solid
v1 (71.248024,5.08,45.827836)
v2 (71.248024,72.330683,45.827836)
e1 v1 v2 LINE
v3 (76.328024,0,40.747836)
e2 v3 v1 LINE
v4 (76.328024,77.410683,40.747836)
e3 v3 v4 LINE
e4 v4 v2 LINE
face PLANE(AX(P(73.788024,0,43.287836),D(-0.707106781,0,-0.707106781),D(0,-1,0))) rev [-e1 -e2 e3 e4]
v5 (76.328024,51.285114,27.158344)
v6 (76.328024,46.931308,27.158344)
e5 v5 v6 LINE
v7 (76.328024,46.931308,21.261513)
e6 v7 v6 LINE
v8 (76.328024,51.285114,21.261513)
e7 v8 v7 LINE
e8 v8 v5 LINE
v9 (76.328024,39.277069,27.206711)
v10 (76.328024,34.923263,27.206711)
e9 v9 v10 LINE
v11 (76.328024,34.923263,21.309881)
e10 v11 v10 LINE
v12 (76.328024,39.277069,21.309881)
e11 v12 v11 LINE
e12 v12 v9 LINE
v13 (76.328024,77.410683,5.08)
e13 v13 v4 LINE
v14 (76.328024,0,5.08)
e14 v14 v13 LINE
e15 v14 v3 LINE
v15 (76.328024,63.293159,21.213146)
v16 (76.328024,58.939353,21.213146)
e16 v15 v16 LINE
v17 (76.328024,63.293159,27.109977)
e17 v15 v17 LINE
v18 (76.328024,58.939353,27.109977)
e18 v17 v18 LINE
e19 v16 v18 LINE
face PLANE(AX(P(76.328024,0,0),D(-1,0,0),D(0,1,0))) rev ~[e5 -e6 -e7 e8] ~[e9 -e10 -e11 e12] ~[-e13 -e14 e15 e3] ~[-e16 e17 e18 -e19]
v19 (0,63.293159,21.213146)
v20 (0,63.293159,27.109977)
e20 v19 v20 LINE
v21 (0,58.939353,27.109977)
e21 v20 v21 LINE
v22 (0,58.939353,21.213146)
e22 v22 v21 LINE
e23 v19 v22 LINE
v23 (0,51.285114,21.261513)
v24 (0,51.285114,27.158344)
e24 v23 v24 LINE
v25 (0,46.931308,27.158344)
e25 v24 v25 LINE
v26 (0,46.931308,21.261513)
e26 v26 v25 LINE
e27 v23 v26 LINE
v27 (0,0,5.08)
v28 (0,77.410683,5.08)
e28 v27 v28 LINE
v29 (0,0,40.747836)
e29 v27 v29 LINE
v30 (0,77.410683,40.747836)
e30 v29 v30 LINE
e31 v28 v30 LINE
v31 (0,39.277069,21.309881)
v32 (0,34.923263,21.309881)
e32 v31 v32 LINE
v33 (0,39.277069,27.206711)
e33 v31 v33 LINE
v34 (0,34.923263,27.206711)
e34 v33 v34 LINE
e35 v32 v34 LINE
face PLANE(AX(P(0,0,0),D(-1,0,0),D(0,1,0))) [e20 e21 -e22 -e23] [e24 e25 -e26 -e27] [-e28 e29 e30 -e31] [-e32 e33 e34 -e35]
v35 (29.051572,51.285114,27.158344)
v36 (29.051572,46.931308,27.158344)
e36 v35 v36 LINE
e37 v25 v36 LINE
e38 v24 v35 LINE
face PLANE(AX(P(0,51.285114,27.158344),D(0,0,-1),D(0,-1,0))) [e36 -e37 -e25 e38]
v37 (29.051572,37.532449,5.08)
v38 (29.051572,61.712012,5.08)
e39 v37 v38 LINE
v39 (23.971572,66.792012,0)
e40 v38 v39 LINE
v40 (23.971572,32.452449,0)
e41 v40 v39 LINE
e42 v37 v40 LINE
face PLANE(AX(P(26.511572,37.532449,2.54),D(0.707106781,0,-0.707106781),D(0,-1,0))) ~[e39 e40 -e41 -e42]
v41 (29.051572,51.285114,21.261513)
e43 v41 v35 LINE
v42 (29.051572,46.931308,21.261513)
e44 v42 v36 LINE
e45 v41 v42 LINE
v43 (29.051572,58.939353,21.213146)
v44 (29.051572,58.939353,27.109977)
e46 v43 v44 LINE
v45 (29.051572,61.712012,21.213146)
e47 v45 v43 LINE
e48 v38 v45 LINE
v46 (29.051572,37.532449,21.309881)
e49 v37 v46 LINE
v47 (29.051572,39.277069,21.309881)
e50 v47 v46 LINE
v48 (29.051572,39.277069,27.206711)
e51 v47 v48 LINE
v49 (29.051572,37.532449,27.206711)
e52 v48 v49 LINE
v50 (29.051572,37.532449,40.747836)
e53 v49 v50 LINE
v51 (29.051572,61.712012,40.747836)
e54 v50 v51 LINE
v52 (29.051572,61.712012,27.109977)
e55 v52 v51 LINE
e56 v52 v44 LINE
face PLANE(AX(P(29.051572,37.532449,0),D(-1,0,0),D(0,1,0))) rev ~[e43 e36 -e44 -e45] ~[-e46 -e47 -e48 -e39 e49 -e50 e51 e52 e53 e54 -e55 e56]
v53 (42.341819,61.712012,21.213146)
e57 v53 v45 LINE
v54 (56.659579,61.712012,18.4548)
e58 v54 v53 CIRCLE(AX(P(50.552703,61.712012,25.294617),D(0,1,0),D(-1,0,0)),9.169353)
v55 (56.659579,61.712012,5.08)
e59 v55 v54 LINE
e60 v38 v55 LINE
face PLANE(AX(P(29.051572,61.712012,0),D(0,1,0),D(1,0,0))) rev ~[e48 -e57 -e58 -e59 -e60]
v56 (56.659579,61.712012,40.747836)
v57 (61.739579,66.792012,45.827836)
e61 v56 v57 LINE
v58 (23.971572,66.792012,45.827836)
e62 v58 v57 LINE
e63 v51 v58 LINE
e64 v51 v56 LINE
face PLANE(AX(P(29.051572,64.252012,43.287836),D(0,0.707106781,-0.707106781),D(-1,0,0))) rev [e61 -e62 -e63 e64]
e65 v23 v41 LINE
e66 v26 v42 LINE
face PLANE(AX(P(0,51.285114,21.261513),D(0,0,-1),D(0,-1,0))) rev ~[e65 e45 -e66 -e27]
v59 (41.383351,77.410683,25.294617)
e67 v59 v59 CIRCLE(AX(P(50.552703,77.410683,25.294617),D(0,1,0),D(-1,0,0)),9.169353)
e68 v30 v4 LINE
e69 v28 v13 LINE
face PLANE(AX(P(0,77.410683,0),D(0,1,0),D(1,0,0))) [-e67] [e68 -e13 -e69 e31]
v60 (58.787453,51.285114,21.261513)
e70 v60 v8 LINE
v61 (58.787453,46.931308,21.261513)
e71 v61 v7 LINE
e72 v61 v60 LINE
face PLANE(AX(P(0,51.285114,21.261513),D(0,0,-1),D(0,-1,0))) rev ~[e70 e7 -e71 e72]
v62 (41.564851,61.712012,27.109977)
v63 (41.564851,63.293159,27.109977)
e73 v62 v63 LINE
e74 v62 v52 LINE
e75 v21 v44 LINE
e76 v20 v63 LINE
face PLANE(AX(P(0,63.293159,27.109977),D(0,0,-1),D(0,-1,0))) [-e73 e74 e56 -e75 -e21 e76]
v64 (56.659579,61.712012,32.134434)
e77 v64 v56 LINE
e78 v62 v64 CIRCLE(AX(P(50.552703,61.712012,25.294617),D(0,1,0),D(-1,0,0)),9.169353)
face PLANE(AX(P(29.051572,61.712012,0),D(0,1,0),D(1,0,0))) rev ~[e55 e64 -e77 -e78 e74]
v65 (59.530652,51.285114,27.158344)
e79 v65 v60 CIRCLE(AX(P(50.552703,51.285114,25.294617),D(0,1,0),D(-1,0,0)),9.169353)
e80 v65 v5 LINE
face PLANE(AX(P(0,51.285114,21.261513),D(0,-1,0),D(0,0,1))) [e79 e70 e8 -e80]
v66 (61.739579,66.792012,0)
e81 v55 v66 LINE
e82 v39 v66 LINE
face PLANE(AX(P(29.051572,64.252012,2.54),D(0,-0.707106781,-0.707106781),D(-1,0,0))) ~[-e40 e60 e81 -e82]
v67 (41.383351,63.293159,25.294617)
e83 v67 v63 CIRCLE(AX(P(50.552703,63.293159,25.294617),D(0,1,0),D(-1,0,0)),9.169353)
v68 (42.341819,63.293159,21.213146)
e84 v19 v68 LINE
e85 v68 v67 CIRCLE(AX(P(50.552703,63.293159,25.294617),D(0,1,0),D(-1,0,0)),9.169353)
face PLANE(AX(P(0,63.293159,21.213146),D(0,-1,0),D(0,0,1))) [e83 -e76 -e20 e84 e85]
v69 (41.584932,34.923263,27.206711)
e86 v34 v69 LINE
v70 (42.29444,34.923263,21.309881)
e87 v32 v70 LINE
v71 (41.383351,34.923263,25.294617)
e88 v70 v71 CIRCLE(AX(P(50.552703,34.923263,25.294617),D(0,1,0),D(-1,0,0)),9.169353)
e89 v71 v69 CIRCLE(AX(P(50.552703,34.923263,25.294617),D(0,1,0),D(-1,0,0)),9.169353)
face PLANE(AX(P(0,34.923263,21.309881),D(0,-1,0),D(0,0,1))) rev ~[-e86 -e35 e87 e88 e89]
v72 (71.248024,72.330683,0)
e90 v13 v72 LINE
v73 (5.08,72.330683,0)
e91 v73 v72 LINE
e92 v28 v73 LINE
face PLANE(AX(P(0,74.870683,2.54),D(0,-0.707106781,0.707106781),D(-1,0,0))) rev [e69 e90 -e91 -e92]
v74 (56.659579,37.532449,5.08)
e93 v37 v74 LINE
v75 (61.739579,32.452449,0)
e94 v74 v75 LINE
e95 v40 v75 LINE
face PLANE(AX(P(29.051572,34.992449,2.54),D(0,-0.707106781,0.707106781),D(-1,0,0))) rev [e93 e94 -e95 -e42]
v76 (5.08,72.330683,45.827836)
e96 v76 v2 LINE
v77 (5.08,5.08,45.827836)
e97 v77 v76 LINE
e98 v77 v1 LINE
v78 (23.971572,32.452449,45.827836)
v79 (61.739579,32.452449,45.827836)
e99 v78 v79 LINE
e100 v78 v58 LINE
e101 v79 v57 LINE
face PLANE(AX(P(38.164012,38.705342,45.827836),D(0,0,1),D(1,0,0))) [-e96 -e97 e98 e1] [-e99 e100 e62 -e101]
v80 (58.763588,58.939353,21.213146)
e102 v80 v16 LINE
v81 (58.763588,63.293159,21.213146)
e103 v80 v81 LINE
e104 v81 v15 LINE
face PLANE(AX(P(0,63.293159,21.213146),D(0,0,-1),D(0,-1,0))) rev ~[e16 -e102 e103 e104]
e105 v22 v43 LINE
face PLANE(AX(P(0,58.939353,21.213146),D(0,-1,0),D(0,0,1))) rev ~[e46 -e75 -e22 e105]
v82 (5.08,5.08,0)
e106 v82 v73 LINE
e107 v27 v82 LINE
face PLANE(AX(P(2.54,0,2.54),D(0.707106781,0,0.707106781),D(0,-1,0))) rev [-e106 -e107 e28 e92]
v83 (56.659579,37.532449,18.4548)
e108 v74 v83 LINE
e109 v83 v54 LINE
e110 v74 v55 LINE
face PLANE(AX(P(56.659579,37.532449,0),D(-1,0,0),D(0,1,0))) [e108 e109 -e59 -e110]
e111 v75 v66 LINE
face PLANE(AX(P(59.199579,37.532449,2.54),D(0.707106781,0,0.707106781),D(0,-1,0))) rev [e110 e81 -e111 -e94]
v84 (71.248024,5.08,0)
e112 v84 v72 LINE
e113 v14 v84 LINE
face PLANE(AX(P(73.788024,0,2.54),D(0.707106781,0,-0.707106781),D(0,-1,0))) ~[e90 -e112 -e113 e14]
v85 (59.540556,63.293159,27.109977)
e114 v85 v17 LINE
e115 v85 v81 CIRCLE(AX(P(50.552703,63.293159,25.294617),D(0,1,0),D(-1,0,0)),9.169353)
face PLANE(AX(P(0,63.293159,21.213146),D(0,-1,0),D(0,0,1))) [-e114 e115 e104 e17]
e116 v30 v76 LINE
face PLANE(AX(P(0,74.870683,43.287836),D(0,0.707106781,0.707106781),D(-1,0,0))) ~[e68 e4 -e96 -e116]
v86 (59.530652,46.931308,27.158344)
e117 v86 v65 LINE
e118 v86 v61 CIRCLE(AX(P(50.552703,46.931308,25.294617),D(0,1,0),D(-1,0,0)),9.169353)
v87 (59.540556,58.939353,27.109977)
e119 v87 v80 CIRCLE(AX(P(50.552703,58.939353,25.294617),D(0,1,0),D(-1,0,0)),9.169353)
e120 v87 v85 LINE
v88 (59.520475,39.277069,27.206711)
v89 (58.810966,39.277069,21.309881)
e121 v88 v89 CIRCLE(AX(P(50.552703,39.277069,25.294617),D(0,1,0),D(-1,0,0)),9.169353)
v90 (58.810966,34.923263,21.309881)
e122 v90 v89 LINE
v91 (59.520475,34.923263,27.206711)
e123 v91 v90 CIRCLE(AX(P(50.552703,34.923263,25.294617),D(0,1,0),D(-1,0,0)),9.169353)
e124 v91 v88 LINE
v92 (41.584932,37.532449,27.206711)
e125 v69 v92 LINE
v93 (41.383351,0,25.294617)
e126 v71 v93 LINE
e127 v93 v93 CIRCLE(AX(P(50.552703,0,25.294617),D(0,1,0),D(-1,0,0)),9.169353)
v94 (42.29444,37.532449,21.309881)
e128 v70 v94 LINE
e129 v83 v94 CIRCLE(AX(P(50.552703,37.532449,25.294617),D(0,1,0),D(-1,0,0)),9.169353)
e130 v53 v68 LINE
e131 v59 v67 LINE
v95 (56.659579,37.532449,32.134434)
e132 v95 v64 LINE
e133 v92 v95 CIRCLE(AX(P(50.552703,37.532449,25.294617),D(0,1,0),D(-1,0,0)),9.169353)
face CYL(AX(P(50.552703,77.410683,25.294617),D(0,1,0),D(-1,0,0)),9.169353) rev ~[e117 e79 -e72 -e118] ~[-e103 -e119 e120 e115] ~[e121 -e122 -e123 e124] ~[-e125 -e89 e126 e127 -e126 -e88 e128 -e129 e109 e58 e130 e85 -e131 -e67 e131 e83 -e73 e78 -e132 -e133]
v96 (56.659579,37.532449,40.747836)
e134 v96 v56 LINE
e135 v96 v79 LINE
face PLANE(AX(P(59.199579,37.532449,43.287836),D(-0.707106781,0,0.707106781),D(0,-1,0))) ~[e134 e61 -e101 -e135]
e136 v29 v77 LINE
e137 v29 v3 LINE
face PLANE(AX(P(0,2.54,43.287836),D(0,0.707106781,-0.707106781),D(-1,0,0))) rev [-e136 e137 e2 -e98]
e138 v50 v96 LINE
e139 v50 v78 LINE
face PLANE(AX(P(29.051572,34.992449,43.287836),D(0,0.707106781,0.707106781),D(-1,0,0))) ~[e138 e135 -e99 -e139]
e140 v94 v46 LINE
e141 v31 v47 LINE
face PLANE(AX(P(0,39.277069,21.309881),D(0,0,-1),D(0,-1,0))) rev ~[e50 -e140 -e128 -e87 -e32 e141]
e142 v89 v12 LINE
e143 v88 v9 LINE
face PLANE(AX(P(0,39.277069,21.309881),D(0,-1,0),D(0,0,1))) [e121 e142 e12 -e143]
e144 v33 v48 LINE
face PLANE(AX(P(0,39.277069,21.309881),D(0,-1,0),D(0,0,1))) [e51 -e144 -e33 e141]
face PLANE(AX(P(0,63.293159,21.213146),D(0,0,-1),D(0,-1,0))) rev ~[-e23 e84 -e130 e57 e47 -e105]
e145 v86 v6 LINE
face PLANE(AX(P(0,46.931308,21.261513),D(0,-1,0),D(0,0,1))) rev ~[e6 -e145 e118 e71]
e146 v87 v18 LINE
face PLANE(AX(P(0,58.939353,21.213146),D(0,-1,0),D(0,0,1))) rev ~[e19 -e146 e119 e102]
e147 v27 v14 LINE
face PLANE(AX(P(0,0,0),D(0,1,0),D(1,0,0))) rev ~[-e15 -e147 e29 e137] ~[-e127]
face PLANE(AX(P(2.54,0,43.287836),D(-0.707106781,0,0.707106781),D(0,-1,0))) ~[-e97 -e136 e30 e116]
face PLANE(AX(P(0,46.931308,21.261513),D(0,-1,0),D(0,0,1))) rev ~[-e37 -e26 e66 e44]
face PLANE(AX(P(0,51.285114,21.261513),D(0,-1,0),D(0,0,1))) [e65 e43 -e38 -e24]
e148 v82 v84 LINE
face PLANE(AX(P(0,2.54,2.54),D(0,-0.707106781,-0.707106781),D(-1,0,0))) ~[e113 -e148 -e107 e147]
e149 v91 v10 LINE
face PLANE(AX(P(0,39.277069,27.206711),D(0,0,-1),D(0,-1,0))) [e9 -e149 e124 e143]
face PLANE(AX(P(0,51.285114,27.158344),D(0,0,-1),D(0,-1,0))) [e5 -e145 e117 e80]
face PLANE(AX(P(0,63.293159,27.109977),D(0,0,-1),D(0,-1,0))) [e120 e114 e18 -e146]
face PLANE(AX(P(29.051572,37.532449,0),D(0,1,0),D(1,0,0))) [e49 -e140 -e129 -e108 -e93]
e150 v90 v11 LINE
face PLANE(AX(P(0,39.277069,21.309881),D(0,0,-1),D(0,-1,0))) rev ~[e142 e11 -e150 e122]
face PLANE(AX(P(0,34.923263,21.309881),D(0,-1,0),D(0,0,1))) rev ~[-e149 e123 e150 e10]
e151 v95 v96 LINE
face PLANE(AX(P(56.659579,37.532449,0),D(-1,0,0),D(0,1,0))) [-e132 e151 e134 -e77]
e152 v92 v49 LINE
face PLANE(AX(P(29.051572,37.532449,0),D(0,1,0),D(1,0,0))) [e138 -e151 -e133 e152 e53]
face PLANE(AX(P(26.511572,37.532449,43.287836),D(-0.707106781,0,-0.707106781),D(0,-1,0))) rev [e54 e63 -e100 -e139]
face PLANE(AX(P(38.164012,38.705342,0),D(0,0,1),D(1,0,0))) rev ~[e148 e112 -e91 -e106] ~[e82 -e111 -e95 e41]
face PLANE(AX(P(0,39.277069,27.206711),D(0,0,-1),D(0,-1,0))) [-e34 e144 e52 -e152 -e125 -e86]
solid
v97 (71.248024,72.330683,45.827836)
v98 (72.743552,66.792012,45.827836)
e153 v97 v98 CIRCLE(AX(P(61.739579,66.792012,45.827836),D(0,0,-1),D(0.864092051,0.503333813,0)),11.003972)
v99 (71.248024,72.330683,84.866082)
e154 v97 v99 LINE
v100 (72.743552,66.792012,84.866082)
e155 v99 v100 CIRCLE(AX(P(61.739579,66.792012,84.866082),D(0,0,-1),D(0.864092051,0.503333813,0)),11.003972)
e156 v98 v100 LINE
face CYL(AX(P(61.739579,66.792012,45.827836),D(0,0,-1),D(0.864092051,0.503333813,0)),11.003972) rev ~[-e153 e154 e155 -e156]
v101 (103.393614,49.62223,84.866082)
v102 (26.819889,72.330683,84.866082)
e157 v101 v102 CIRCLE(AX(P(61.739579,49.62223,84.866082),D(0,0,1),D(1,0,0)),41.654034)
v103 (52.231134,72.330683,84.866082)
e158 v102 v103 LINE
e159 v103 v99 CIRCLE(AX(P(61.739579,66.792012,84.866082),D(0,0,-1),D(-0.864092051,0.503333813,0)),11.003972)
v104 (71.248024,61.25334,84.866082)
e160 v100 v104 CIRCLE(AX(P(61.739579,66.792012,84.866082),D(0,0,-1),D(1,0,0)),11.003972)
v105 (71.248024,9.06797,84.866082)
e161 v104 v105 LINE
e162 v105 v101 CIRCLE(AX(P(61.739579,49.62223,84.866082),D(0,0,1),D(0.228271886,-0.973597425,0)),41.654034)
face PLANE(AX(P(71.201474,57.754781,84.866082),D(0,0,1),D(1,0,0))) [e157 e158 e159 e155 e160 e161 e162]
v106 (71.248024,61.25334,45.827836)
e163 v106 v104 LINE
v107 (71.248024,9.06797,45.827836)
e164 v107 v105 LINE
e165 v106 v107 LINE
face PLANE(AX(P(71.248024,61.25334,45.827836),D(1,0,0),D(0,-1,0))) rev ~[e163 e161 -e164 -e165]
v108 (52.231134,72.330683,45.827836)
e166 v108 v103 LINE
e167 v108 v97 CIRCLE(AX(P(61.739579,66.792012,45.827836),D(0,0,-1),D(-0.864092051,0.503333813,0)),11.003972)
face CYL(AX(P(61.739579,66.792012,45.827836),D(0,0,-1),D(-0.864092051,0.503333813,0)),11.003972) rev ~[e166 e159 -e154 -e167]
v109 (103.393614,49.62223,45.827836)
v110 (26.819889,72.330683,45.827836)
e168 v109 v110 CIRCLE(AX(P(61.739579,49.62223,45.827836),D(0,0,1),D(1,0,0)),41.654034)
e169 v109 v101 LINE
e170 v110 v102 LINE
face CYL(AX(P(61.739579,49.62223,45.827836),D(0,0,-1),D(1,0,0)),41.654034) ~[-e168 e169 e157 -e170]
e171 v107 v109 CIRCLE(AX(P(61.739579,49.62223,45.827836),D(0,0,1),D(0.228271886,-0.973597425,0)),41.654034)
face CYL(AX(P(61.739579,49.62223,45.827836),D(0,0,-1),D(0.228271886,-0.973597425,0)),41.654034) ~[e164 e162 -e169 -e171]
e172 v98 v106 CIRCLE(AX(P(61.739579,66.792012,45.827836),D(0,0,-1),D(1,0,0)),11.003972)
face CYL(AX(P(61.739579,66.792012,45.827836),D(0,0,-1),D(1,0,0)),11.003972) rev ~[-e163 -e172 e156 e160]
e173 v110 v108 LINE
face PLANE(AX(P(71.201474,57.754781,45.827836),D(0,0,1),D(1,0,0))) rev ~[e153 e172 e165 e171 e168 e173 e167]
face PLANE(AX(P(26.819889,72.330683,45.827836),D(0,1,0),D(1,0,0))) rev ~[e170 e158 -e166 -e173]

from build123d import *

# Parameters (mm, degrees)
F0_W     = 76.3280242682
F0_H     = 77.4106830359
F0_W_2   = 27.6080071926
F0_H_2   = 24.1795629263
F1_DEPTH = 45.8278357983
F2_SIZE  = 5.08
F3_R     = 9.1693528208
F4_DEPTH = 77.4106830359
F5_W     = 4.3538063765
F5_H     = 5.8968309313
F6_DEPTH = 76.3290242682
F8_DEPTH = 39.0382464975


with BuildPart() as f1:
    # F0 (on Top) → F1 (new body)
    with BuildSketch(Plane.XY):
        with Locations((38.1640121341, 38.7053415179)):
            Rectangle(F0_W, F0_H)
        with Locations((42.8555756807, 49.6222302318)):
            Rectangle(F0_W_2, F0_H_2, mode=Mode.SUBTRACT)
    extrude(amount=F1_DEPTH)

    # F2
    f2_edges = [f1.edges().sort_by_distance(p)[0] for p in [
        (0, 38.705342, 45.827836),
        (38.164012, 0, 45.827836),
        (76.328024, 38.705342, 45.827836),
        (38.164012, 77.410683, 45.827836),
        (42.855576, 37.532449, 45.827836),
        (29.051572, 49.62223, 45.827836),
        (42.855576, 61.712012, 45.827836),
        (56.659579, 49.62223, 45.827836),
        (0, 38.705342, 0),
        (38.164012, 0, 0),
        (76.328024, 38.705342, 0),
        (38.164012, 77.410683, 0),
        (42.855576, 37.532449, 0),
        (29.051572, 49.62223, 0),
        (42.855576, 61.712012, 0),
        (56.659579, 49.62223, 0),
    ]]
    chamfer(f2_edges, length=F2_SIZE)

    # F3 (on face) → F4 (cut, through all)
    with BuildSketch(Plane(origin=(0, 77.4106830359, 0), x_dir=(-1, 0, 0), z_dir=(0, 1, 0))):
        with Locations((-50.5527034402, 25.2946168184)):
            Circle(F3_R)
    extrude(amount=-F4_DEPTH, mode=Mode.SUBTRACT)

    # F5 (on face) → F6 (cut, through all)
    with BuildSketch(Plane(origin=(0, 0, 0), x_dir=(0, -1, 0), z_dir=(-1, 0, 0))):
        with Locations((-61.1162558198, 24.1615613922)):
            Rectangle(F5_W, F5_H)
        with Locations((-49.1082109511, 24.2099286988)):
            Rectangle(F5_W, F5_H)
        with Locations((-37.1001660824, 24.2582960054)):
            Rectangle(F5_W, F5_H)
    extrude(amount=-F6_DEPTH, mode=Mode.SUBTRACT)


with BuildPart() as f8:
    # F7 (on face) → F8 (new body)
    with BuildSketch(Plane.XY.offset(45.8278357983)):
        with BuildLine():
            ThreePointArc((71.2480242682, 9.0679696025), (94.3825239668, 23.7475950977), (103.3936136715, 49.6222302318))
            ThreePointArc((103.3936136715, 49.6222302318), (73.5825647814, 89.5572058256), (26.8198892357, 72.3306830358))
            Line((26.8198892357, 72.3306830359), (52.2311342859, 72.3306830359))
            ThreePointArc((52.2311342859, 72.3306830359), (61.739579277, 77.7959839946), (71.2480242682, 72.3306830359))
            ThreePointArc((71.2480242682, 72.3306830359), (72.363092624, 69.6605253411), (72.7435515767, 66.7920116949))
            ThreePointArc((72.7435515767, 66.7920116949), (72.363092624, 63.9234980487), (71.2480242682, 61.253340354))
            Line((71.2480242682, 61.253340354), (71.2480242682, 9.0679696025))
        make_face()
    extrude(amount=F8_DEPTH)


solid = Compound([f1.part, f8.part])
